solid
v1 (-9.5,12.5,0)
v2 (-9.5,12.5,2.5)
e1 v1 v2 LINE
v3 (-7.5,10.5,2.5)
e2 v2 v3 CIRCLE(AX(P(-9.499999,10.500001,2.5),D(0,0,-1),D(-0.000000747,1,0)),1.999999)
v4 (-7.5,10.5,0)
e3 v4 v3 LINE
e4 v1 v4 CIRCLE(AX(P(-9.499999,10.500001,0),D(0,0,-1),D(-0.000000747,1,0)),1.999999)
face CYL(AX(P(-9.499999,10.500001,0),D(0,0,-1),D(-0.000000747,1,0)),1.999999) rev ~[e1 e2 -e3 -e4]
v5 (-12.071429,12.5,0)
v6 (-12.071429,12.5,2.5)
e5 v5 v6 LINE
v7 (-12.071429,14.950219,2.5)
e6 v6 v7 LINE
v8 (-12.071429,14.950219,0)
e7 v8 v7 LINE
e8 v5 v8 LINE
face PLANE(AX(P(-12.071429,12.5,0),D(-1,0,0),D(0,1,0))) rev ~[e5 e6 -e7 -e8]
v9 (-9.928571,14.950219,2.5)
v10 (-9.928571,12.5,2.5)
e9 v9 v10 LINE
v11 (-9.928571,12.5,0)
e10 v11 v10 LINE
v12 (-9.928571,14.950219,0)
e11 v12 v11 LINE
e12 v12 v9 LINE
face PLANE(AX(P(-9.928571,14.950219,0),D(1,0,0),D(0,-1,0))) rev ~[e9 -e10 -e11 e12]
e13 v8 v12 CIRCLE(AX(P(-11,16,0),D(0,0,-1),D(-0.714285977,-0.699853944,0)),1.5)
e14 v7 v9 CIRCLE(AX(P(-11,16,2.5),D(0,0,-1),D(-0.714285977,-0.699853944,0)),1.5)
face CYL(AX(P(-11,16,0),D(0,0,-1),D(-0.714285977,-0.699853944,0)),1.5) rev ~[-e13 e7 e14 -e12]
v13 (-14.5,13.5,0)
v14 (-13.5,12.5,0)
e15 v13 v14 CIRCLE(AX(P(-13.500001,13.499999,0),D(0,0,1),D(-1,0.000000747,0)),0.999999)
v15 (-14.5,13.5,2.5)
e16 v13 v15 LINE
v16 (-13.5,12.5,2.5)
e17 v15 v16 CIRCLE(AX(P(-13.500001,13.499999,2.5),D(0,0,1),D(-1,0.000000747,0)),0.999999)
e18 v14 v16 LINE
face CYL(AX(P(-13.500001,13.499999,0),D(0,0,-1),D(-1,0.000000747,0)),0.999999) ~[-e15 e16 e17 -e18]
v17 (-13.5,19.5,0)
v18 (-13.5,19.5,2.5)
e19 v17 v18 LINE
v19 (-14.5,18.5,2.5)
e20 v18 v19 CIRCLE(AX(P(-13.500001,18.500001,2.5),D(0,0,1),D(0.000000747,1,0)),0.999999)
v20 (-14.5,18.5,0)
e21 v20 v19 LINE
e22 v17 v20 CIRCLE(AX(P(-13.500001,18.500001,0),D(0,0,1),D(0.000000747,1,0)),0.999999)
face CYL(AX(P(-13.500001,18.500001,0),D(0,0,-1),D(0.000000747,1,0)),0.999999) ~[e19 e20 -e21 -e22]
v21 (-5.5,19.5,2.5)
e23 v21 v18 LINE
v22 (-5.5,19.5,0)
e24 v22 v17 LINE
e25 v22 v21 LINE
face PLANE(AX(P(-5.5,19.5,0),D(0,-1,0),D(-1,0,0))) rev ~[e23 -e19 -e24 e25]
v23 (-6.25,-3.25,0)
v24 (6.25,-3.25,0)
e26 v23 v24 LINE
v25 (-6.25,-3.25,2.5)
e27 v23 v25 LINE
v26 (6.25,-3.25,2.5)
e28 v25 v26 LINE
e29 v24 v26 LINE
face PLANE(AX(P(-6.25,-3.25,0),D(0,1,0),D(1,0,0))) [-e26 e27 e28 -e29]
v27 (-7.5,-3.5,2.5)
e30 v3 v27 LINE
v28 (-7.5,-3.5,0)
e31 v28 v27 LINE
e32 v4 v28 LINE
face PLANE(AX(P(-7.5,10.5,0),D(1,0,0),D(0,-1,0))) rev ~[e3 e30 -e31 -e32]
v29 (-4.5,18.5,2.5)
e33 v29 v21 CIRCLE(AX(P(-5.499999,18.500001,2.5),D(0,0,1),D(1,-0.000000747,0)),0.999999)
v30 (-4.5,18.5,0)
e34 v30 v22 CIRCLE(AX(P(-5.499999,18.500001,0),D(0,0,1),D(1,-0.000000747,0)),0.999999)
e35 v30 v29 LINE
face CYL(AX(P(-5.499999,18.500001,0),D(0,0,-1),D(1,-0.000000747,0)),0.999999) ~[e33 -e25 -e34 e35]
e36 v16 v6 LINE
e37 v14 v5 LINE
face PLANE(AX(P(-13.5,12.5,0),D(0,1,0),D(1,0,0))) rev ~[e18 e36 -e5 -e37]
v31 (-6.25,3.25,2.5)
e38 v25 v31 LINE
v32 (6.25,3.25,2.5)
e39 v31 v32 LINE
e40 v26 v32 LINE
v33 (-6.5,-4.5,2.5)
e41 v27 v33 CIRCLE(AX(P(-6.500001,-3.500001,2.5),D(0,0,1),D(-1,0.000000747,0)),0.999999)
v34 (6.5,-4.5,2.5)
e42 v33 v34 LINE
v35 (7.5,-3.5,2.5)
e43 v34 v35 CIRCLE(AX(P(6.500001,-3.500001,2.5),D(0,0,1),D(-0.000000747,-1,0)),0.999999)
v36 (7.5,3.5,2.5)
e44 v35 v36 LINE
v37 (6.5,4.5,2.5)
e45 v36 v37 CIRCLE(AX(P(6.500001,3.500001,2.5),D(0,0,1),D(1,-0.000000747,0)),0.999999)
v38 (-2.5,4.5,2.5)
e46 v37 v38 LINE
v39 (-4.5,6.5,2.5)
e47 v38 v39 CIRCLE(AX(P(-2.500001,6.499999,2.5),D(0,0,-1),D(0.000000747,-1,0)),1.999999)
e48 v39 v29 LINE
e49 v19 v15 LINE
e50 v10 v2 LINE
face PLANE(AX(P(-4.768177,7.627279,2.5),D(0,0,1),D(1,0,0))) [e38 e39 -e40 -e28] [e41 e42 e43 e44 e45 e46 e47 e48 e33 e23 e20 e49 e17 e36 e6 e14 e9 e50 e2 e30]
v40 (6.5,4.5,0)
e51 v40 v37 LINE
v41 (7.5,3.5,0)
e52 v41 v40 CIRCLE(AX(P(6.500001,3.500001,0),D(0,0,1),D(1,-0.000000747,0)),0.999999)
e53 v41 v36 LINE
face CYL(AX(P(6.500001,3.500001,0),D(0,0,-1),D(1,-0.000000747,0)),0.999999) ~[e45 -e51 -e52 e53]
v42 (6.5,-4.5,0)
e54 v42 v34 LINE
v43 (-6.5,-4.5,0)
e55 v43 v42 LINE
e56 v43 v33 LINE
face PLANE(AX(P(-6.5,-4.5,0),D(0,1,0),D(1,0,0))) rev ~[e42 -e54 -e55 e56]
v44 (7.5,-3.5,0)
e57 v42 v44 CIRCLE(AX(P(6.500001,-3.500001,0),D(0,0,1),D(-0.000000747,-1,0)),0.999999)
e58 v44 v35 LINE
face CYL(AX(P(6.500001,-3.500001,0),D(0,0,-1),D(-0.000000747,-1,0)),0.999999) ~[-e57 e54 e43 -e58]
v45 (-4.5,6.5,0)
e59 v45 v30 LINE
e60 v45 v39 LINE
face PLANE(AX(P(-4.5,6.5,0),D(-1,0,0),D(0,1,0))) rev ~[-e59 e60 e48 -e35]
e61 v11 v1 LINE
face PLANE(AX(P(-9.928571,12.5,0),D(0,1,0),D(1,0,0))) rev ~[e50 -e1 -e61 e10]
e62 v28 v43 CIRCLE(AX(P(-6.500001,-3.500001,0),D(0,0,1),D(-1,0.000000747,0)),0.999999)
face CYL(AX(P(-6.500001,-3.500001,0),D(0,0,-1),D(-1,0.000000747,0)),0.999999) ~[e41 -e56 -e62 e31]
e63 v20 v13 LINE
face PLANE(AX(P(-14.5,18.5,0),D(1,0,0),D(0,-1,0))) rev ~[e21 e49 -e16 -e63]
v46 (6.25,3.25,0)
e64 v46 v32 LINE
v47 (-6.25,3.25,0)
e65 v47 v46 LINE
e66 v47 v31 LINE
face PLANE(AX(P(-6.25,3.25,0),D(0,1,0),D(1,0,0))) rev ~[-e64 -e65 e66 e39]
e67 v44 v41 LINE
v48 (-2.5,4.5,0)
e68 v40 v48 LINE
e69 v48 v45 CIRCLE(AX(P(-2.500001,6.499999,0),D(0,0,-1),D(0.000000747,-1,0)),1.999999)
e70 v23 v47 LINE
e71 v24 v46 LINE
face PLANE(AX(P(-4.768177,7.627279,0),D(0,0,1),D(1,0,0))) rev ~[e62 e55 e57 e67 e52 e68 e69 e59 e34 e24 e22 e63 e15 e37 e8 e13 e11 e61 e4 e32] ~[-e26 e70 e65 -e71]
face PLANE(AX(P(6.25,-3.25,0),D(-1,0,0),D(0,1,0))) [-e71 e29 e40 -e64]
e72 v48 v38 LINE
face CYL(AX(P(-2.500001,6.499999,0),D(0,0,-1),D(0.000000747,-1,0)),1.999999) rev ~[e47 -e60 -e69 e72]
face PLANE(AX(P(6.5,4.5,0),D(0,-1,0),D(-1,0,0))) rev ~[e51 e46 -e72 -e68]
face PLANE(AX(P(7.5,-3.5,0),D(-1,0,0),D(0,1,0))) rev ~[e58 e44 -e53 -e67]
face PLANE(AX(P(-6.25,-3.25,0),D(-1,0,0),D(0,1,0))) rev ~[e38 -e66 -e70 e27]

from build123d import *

# Parameters (mm, degrees)
F0_W     = 12.5
F0_H     = 6.5
F1_DEPTH = 2.5


with BuildPart() as f1:
    # F0 (on Top) → F1 (new body)
    with BuildSketch(Plane.XY):
        with BuildLine():
            Line((6.5, 4.5), (-2.5, 4.5))
            ThreePointArc((-2.5, 4.5), (-3.914214, 5.085786), (-4.5, 6.5))
            Line((-4.5, 6.5), (-4.5, 18.5))
            ThreePointArc((-4.5, 18.5), (-4.792893, 19.207107), (-5.5, 19.5))
            Line((-5.5, 19.5), (-7.5, 19.5))
            Line((-7.5, 19.5), (-13.5, 19.5))
            ThreePointArc((-13.5, 19.5), (-14.207107, 19.207107), (-14.5, 18.5))
            Line((-14.5, 18.5), (-14.5, 16))
            Line((-14.5, 16), (-14.5, 13.5))
            ThreePointArc((-14.5, 13.5), (-14.207107, 12.792893), (-13.5, 12.5))
            Line((-13.5, 12.5), (-12.071429, 12.5))
            Line((-12.071429, 12.5), (-12.071429, 14.950219))
            ThreePointArc((-12.071429, 14.950219), (-11, 17.5), (-9.928571, 14.950219))
            Line((-9.928571, 14.950219), (-9.928571, 12.5))
            Line((-9.928571, 12.5), (-9.5, 12.5))
            ThreePointArc((-9.5, 12.5), (-8.085786, 11.914214), (-7.5, 10.5))
            Line((-7.5, 10.5), (-7.5, 4.5))
            Line((-7.5, 4.5), (-7.5, -3.5))
            ThreePointArc((-7.5, -3.5), (-7.207107, -4.207107), (-6.5, -4.5))
            Line((-6.5, -4.5), (6.5, -4.5))
            ThreePointArc((6.5, -4.5), (7.207107, -4.207107), (7.5, -3.5))
            Line((7.5, -3.5), (7.5, 3.5))
            ThreePointArc((7.5, 3.5), (7.207107, 4.207107), (6.5, 4.5))
        make_face()
        Rectangle(F0_W, F0_H, mode=Mode.SUBTRACT)
    extrude(amount=F1_DEPTH)


solid = f1.part
